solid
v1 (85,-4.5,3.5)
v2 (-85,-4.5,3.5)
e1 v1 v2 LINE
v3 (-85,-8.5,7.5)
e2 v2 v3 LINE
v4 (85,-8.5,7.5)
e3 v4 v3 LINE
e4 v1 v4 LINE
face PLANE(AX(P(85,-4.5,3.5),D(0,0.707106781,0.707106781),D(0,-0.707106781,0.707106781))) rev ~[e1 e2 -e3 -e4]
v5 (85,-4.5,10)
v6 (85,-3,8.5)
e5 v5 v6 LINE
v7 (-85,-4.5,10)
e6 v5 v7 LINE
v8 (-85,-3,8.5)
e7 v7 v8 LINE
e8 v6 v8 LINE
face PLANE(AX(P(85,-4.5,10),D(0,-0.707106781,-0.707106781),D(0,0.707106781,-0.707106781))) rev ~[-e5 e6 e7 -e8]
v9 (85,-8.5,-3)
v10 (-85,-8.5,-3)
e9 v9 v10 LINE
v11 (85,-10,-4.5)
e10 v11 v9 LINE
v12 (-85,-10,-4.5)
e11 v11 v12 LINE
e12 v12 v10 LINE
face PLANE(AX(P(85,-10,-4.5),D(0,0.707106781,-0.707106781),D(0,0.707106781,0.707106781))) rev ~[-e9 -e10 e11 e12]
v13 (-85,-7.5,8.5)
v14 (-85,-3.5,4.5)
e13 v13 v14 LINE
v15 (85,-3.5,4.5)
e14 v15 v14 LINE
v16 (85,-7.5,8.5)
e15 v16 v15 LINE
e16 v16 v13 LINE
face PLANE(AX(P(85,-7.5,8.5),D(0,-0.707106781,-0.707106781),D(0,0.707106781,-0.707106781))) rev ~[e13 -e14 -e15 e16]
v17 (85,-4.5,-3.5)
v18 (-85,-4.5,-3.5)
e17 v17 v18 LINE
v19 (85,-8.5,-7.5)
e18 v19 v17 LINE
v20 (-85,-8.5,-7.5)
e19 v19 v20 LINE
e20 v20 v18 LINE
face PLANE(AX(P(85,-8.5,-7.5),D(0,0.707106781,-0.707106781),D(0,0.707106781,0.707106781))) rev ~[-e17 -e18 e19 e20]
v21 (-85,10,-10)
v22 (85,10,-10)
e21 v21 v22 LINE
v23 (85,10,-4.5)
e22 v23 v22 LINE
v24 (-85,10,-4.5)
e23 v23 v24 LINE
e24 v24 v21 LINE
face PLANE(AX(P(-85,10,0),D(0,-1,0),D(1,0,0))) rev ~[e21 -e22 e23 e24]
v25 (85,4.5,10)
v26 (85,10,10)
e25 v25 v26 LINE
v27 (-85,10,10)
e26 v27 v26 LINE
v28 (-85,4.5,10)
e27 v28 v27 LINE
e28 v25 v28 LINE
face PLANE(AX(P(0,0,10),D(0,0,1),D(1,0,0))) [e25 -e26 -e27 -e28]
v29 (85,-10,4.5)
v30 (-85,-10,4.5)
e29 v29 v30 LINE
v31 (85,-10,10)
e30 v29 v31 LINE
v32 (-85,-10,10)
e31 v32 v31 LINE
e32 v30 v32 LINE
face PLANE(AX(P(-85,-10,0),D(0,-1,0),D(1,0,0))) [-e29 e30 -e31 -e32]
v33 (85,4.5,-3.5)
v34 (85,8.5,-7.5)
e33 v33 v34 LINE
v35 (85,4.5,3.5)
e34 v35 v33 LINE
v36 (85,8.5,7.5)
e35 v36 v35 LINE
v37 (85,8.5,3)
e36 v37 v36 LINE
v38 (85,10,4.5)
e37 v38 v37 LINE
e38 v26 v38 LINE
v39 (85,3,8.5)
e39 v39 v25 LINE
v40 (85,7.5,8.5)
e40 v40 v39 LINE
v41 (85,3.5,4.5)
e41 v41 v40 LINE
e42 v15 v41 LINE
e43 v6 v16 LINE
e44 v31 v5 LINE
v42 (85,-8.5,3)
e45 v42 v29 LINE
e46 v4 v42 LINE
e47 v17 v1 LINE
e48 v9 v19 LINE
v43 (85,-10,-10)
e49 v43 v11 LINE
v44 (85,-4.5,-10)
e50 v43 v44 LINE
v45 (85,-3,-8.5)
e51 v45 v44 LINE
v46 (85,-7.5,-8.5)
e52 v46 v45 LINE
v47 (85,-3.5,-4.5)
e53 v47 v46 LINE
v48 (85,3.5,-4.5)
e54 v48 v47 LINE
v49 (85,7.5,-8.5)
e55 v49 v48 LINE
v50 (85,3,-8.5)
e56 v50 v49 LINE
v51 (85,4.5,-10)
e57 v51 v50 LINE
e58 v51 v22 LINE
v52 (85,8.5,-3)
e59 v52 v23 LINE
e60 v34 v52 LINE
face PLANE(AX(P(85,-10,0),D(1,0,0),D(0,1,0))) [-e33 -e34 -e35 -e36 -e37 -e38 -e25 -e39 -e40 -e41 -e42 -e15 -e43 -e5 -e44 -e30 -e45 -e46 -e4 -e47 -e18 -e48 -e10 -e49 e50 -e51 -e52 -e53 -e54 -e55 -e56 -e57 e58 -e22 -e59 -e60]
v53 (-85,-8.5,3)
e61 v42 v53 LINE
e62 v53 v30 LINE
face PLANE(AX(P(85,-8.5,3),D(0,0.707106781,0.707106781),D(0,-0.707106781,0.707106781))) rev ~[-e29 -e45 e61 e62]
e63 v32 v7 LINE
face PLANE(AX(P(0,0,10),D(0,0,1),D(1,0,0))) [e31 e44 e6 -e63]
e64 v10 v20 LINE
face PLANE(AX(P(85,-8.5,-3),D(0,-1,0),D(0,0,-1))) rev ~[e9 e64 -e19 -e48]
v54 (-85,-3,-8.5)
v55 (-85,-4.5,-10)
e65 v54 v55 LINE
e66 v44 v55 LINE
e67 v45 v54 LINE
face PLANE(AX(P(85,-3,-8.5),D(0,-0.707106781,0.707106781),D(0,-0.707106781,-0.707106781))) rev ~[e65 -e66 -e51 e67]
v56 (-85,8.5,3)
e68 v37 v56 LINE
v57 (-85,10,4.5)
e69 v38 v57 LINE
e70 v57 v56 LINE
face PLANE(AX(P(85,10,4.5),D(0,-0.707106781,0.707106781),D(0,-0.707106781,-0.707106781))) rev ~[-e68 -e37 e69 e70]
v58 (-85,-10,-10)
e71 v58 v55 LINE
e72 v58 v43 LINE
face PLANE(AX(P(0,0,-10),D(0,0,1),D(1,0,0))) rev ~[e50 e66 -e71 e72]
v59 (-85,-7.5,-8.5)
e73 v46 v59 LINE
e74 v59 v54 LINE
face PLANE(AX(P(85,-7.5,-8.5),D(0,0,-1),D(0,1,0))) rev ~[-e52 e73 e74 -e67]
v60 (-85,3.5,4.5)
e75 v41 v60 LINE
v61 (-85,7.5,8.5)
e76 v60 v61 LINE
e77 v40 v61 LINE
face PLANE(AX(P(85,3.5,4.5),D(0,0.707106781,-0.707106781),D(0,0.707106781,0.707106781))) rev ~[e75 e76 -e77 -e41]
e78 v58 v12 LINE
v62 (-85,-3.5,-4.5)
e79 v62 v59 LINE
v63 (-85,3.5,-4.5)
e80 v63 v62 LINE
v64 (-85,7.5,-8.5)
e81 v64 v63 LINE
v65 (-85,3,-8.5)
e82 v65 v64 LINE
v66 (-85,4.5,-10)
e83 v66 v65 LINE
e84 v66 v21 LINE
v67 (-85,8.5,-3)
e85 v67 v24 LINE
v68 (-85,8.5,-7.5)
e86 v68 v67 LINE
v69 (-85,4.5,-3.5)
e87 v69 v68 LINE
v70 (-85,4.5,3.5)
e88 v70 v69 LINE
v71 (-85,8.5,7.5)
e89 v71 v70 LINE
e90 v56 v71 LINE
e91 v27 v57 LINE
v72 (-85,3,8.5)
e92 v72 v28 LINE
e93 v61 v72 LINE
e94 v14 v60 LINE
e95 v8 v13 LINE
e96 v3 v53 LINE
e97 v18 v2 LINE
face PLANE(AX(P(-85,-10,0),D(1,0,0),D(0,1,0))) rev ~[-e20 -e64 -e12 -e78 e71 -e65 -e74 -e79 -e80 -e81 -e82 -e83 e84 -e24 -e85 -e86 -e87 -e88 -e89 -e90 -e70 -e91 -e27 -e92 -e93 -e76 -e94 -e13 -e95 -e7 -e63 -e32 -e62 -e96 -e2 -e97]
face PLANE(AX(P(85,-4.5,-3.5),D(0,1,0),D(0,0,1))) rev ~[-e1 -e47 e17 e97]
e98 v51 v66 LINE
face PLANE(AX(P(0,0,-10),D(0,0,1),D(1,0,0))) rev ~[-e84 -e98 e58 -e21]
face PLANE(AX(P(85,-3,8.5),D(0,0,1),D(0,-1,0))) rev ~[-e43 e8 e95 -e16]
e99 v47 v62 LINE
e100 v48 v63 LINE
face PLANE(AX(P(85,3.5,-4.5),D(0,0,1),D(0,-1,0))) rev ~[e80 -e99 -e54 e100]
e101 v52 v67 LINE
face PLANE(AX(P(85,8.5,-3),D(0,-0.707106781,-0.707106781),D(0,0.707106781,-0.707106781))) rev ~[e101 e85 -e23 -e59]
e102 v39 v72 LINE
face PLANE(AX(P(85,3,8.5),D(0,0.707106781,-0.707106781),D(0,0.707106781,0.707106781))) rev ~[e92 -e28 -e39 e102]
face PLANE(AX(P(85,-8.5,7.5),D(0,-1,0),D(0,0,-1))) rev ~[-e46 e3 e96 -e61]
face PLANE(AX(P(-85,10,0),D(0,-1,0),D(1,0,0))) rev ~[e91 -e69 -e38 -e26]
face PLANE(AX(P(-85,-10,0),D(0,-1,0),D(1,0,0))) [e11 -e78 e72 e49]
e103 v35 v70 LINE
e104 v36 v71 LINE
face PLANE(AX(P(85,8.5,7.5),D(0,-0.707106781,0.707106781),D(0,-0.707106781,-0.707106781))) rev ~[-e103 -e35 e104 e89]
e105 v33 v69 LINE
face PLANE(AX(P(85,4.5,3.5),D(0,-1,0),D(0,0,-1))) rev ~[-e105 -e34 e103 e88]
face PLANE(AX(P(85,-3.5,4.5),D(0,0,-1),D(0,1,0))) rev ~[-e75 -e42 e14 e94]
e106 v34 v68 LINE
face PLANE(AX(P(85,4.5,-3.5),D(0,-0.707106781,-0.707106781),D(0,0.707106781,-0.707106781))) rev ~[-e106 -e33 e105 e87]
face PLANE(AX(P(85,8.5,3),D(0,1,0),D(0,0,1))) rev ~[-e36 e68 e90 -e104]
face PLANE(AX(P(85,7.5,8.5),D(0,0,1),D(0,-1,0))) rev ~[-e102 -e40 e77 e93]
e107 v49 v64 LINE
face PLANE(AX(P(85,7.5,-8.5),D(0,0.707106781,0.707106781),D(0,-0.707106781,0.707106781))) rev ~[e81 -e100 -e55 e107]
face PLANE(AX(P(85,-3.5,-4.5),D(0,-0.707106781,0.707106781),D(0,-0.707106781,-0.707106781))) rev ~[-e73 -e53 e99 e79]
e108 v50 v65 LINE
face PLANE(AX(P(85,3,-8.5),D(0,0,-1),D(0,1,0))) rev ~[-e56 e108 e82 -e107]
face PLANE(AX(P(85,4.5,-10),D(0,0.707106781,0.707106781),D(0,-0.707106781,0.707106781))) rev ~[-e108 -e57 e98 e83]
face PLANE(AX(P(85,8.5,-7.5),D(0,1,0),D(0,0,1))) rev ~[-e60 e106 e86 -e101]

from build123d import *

# Parameters (mm, degrees)
F0_W     = 170
F0_H     = 20
F1_DEPTH = 10
F3_DEPTH = 170.001


with BuildPart() as f1:
    # F0 (on Top) → F1 (new body, symmetric)
    with BuildSketch(Plane.XY):
        Rectangle(F0_W, F0_H)
    extrude(amount=F1_DEPTH, both=True)

    # F2 (on face) → F3 (cut, through all)
    with BuildSketch(Plane.YZ.offset(85)):
        Polygon((-8.5, 3), (-10, 4.5), (-10, -4.5), (-8.5, -3), (-8.5, -7.5), (-4.5, -3.5), (-4.5, 0), (-4.5, 3.5), (-8.5, 7.5), align=None)
        Polygon((4.5, 10), (-4.5, 10), (-3, 8.5), (-7.5, 8.5), (-3.5, 4.5), (0, 4.5), (3.5, 4.5), (7.5, 8.5), (3, 8.5), align=None)
        Polygon((10, -4.5), (10, 4.5), (8.5, 3), (8.5, 7.5), (4.5, 3.5), (4.5, 0), (4.5, -3.5), (8.5, -7.5), (8.5, -3), align=None)
        Polygon((-3, -8.5), (-4.5, -10), (4.5, -10), (3, -8.5), (7.5, -8.5), (3.5, -4.5), (0, -4.5), (-3.5, -4.5), (-7.5, -8.5), align=None)
    extrude(amount=-F3_DEPTH, mode=Mode.SUBTRACT)


solid = f1.part
